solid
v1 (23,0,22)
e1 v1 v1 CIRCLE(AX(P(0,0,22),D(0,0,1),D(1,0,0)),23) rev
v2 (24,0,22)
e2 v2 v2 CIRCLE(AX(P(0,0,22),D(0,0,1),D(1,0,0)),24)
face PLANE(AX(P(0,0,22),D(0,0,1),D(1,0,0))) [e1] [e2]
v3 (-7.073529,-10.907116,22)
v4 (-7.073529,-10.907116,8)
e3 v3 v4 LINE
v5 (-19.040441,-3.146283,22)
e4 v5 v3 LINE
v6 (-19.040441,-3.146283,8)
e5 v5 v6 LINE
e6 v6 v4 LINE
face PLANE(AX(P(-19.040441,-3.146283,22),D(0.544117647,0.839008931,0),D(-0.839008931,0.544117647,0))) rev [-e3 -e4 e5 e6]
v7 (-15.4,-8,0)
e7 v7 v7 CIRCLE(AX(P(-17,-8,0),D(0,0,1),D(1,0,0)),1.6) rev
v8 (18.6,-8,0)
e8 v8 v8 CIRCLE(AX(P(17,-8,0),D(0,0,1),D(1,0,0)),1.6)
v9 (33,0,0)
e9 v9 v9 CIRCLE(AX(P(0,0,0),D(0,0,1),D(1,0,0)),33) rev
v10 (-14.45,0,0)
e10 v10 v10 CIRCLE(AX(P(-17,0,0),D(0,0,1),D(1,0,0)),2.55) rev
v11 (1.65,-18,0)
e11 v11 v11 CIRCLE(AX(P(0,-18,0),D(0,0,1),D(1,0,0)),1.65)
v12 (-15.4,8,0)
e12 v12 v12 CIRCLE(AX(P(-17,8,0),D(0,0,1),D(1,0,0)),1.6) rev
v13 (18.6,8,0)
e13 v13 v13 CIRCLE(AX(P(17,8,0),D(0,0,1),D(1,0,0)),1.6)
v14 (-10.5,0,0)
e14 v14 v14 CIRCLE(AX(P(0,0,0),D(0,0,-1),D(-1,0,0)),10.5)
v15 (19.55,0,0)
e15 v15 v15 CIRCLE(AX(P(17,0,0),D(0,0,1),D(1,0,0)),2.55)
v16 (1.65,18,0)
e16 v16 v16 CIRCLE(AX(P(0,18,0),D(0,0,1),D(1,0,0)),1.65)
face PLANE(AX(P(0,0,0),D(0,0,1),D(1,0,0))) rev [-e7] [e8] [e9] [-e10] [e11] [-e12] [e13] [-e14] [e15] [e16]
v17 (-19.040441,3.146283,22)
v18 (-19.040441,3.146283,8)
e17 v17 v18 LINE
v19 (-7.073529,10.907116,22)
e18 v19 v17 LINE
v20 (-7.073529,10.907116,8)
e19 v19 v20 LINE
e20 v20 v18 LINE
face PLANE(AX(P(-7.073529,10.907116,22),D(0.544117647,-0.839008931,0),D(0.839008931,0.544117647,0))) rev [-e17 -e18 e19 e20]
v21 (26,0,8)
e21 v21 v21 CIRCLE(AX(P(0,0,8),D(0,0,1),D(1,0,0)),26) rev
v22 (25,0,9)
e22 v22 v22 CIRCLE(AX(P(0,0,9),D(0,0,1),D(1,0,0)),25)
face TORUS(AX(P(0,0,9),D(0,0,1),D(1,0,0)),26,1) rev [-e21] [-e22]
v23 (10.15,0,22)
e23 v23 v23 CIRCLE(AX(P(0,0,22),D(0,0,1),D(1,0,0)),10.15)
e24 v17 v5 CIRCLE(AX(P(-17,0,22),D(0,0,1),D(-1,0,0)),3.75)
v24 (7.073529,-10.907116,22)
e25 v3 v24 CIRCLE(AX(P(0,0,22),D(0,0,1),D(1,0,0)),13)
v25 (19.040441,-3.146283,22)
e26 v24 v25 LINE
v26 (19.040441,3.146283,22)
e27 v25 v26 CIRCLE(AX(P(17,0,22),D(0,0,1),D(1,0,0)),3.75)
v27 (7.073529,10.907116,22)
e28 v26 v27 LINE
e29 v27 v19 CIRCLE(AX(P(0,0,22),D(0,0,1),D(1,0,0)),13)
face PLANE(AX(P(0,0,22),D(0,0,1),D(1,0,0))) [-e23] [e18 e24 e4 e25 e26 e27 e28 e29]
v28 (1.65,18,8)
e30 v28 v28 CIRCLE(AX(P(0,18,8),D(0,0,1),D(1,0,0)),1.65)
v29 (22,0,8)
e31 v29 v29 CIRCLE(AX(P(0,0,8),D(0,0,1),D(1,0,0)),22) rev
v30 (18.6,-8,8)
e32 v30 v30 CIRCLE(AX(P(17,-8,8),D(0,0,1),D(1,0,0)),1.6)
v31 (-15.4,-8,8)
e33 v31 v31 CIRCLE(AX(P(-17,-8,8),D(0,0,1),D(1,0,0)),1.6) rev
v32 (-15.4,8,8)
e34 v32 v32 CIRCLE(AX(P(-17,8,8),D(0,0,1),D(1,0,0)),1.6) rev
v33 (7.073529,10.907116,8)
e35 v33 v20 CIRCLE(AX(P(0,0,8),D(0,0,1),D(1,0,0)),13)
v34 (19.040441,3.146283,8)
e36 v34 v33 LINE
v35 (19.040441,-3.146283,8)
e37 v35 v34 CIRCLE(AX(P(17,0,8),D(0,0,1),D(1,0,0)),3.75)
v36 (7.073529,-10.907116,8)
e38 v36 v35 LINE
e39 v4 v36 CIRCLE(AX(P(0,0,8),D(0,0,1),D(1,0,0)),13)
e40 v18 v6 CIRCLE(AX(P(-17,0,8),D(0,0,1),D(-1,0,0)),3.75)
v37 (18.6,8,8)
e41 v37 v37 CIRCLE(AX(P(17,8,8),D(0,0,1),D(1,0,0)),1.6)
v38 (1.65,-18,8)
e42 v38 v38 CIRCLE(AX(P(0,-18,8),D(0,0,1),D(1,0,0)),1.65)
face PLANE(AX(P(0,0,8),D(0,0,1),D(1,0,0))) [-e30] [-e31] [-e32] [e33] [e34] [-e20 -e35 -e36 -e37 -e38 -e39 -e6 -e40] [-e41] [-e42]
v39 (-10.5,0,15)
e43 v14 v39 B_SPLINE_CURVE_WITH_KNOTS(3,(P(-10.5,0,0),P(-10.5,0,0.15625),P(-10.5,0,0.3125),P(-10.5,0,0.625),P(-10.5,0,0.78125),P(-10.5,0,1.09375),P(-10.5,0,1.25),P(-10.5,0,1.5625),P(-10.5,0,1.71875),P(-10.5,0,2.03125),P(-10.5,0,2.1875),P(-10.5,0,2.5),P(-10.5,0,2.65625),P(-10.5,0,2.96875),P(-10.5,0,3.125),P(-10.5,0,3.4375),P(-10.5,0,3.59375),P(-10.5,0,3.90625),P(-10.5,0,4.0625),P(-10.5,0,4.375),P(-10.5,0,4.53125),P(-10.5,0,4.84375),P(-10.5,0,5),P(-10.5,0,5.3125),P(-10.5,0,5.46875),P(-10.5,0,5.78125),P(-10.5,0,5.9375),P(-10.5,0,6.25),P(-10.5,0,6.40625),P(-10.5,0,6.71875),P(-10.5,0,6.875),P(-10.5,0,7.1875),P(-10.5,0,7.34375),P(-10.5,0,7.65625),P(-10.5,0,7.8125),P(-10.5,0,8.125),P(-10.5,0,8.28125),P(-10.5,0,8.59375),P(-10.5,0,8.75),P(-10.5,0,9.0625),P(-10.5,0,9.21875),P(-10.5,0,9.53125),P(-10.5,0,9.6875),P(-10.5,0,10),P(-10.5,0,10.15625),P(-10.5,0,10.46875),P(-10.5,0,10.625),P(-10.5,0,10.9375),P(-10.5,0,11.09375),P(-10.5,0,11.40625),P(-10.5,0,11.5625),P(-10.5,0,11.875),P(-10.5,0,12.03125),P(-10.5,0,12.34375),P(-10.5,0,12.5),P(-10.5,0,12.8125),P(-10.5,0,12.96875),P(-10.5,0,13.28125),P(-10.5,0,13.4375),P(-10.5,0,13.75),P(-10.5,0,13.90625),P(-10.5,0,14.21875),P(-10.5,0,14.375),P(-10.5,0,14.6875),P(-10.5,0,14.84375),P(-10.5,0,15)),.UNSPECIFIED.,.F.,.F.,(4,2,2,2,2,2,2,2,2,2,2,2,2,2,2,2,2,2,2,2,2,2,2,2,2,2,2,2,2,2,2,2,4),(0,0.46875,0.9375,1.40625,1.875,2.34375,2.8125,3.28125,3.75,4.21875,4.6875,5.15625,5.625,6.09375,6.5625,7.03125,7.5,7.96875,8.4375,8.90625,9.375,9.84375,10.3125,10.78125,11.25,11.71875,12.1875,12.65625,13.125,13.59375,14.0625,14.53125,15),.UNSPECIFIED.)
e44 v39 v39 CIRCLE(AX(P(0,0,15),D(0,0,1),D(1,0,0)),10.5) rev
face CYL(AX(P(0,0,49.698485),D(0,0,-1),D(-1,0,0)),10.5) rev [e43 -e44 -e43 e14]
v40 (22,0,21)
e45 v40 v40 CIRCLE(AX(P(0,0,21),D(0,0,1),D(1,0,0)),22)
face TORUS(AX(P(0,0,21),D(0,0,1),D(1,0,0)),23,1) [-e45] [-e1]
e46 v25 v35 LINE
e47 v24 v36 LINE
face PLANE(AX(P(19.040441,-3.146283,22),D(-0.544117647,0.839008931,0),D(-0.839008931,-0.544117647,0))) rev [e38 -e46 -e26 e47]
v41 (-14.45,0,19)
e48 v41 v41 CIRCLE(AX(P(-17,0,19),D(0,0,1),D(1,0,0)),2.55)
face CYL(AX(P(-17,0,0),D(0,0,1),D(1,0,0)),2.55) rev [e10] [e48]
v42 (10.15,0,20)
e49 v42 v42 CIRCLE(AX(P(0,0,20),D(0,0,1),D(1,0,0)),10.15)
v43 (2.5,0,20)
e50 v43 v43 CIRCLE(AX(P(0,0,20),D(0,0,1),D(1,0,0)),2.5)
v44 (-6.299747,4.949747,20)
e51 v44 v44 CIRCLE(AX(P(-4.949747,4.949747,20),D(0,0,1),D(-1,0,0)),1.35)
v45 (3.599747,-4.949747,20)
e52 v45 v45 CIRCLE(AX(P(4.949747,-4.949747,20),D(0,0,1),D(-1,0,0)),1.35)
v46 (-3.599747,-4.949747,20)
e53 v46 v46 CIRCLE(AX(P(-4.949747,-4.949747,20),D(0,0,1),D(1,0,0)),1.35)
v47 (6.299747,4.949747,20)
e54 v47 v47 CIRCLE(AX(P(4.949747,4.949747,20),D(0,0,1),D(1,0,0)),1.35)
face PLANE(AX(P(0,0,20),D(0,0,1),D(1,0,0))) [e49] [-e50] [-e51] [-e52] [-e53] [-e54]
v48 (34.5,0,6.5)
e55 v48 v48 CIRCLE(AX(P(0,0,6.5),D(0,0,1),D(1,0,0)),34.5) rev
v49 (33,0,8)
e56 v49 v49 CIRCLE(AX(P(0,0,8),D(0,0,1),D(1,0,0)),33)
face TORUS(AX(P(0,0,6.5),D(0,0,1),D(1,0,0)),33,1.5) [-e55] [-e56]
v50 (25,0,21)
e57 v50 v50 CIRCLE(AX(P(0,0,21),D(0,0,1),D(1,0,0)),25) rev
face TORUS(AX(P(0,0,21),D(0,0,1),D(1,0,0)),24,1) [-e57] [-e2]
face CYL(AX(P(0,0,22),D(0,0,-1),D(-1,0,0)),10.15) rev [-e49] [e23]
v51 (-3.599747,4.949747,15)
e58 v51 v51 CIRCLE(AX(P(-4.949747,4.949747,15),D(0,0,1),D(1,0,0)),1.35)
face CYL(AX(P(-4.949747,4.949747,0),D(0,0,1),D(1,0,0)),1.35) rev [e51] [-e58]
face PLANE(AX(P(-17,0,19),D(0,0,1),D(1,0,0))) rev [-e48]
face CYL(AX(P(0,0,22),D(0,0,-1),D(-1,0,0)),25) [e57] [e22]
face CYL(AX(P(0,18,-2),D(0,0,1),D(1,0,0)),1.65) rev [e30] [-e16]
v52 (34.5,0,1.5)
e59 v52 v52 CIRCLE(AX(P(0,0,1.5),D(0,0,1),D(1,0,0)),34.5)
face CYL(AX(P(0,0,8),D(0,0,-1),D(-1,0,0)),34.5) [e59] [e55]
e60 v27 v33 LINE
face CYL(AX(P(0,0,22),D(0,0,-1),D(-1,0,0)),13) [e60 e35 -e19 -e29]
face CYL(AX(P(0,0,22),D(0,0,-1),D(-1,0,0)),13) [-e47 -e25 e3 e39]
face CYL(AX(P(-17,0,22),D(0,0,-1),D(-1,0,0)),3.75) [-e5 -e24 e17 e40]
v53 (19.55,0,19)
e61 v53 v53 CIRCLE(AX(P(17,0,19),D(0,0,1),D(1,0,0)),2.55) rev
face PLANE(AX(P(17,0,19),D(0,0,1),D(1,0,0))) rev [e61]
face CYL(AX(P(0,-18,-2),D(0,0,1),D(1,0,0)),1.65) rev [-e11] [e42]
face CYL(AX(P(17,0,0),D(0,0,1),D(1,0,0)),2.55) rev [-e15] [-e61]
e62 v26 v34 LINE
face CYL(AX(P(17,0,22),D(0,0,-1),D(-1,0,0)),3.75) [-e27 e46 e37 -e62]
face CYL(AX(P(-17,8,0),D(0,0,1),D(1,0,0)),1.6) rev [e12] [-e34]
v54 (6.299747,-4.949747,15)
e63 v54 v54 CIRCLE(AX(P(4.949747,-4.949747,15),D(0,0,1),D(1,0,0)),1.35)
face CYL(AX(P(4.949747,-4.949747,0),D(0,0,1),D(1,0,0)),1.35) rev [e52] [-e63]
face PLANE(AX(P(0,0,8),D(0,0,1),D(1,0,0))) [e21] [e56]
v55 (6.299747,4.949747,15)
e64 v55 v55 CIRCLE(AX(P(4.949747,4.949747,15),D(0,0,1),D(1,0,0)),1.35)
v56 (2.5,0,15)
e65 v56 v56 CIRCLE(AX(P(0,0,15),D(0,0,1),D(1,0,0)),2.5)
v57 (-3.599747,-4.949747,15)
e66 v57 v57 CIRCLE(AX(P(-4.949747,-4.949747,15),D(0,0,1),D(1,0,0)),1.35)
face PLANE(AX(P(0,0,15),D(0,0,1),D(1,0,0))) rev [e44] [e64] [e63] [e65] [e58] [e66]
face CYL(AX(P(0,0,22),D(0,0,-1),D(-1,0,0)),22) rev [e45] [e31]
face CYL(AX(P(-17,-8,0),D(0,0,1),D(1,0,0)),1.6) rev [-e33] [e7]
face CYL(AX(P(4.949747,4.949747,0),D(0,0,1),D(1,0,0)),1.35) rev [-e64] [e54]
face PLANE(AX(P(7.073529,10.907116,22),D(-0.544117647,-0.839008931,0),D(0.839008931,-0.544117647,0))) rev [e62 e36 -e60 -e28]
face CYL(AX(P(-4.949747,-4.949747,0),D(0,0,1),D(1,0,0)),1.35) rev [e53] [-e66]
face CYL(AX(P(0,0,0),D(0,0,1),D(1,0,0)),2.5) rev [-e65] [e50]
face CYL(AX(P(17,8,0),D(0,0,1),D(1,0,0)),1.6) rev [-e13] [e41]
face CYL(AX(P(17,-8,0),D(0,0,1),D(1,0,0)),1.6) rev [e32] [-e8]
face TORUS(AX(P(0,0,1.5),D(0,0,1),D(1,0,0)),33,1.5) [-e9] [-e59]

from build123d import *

# Parameters (mm, degrees)
SKETCH_1_R          = 34.5
EXTRUDE_1_DEPTH     = 8
SKETCH_2_R          = 25
SKETCH_2_R_2        = 22
EXTRUDE_2_DEPTH     = 14
FILLET_1_R          = 1
SKETCH_3_R          = 13
SKETCH_3_R_2        = 10.15
EXTRUDE_3_DEPTH     = 14
SKETCH_4_R          = 2.55
SKETCH_4_R_2        = 1.6
CUT_EXTRUDE_1_DEPTH = 51.759235613
SKETCH_7_R          = 10.5
EXTRUDE_5_DEPTH     = 12
CUT_EXTRUDE_2_DEPTH = 15
SKETCH_9_R          = 2.5
SKETCH_9_R_2        = 1.35
CUT_EXTRUDE_3_DEPTH = 53.730446613
SKETCH_10_R         = 2.55
EXTRUDE_6_DEPTH     = 14
SKETCH_11_R         = 2.55
EXTRUDE_7_DEPTH     = 3
FILLET_2_R          = 1
FILLET_3_R          = 1.5
SKETCH_12_R         = 1.65
CUT_EXTRUDE_4_DEPTH = 10


with BuildPart() as part:
    # 草图1 → 凸台-拉伸1 (new body)
    with BuildSketch(Plane.XY):
        Circle(SKETCH_1_R)
    extrude(amount=EXTRUDE_1_DEPTH)

    # 草图2 → 凸台-拉伸2 (add)
    with BuildSketch(Plane.XY.offset(8)):
        Circle(SKETCH_2_R)
        Circle(SKETCH_2_R_2, mode=Mode.SUBTRACT)
    extrude(amount=EXTRUDE_2_DEPTH)

    # 圆角1
    fillet_1_edges = [part.edges().sort_by_distance(p)[0] for p in [
        (-25, 0, 8),
    ]]
    fillet(fillet_1_edges, radius=FILLET_1_R)

    # 草图3 → 凸台-拉伸3 (add)
    with BuildSketch(Plane.XY.offset(8)):
        Circle(SKETCH_3_R)
        Circle(SKETCH_3_R_2, mode=Mode.SUBTRACT)
    extrude(amount=EXTRUDE_3_DEPTH)

    # 草图4 → 切除-拉伸1 (cut, through all)
    with BuildSketch(Plane.XY.offset(8)):
        with Locations((-17, 0)):
            Circle(SKETCH_4_R)
        with Locations((-17, 8)):
            Circle(SKETCH_4_R_2)
        with Locations((-17, -8)):
            Circle(SKETCH_4_R_2)
        with Locations((17, -8)):
            Circle(SKETCH_4_R_2)
        with Locations((17, 0)):
            Circle(SKETCH_4_R)
        with Locations((17, 8)):
            Circle(SKETCH_4_R_2)
    extrude(amount=-CUT_EXTRUDE_1_DEPTH, mode=Mode.SUBTRACT)

    # 草图7 → 凸台-拉伸5 (add)
    with BuildSketch(Plane.XY.offset(8)):
        Circle(SKETCH_7_R)
    extrude(amount=EXTRUDE_5_DEPTH)

    # 草图8 → 切除-拉伸2 (cut)
    with BuildSketch(Plane(origin=(0, 0, 0), x_dir=(-1, 0, 0), z_dir=(0, 0, -1))):
        with BuildLine():
            ThreePointArc((8.61684397, -6), (0, 10.5), (-8.61684397, -6))
            ThreePointArc((-8.61684397, -6), (0, -10.5), (8.61684397, -6))
        make_face()
    extrude(amount=-CUT_EXTRUDE_2_DEPTH, mode=Mode.SUBTRACT)

    # 草图9 → 切除-拉伸3 (cut, through all)
    with BuildSketch(Plane.XY.offset(20)):
        Circle(SKETCH_9_R)
        with Locations((4.949747468, 4.949747468)):
            Circle(SKETCH_9_R_2)
        with Locations((-4.949747468, 4.949747468)):
            Circle(SKETCH_9_R_2)
        with Locations((-4.949747468, -4.949747468)):
            Circle(SKETCH_9_R_2)
        with Locations((4.949747468, -4.949747468)):
            Circle(SKETCH_9_R_2)
    extrude(amount=-CUT_EXTRUDE_3_DEPTH, mode=Mode.SUBTRACT)

    # 草图10 → 凸台-拉伸6 (add)
    # profile 1 of 2: a face of its own
    with BuildSketch(Plane.XY.offset(8)):
        with BuildLine():
            Line((7.073529412, 10.907116102), (19.040441176, 3.146283491))
            ThreePointArc((19.040441176, 3.146283491), (20.75, 0), (19.040441176, -3.146283491))
            Line((19.040441176, -3.146283491), (7.073529412, -10.907116102))
            ThreePointArc((7.073529412, -10.907116102), (13, 0), (7.073529412, 10.907116102))
        make_face()
        with Locations((17, 0)):
            Circle(SKETCH_10_R, mode=Mode.SUBTRACT)
    # profile 2 of 2: a face of its own
    with BuildSketch(Plane.XY.offset(8)):
        with BuildLine():
            Line((-19.040441176, -3.146283491), (-7.073529412, -10.907116102))
            ThreePointArc((-7.073529412, -10.907116102), (-13, 0), (-7.073529412, 10.907116102))
            Line((-7.073529412, 10.907116102), (-19.040441176, 3.146283491))
            ThreePointArc((-19.040441176, 3.146283491), (-20.75, 0), (-19.040441176, -3.146283491))
        make_face()
        with Locations((-17, 0)):
            Circle(SKETCH_10_R, mode=Mode.SUBTRACT)
    extrude(amount=EXTRUDE_6_DEPTH)

    # 草图11 → 凸台-拉伸7 (add)
    with BuildSketch(Plane.XY.offset(22)):
        with Locations((-17, 0)):
            Circle(SKETCH_11_R)
        with Locations((17, 0)):
            Circle(SKETCH_11_R)
    extrude(amount=-EXTRUDE_7_DEPTH)

    # 圆角2
    fillet_2_edges = [part.edges().sort_by_distance(p)[0] for p in [
        (-25, 0, 22),
        (-22, 0, 22),
    ]]
    fillet(fillet_2_edges, radius=FILLET_2_R)

    # 圆角3
    fillet_3_edges = [part.edges().sort_by_distance(p)[0] for p in [
        (-34.5, 0, 0),
        (-34.5, 0, 8),
    ]]
    fillet(fillet_3_edges, radius=FILLET_3_R)

    # 草图12 → 切除-拉伸4 (cut)
    with BuildSketch(Plane.XY.offset(8)):
        with Locations((0, 18)):
            Circle(SKETCH_12_R)
        with Locations((0, -18)):
            Circle(SKETCH_12_R)
    extrude(amount=-CUT_EXTRUDE_4_DEPTH, mode=Mode.SUBTRACT)


solid = part.part
